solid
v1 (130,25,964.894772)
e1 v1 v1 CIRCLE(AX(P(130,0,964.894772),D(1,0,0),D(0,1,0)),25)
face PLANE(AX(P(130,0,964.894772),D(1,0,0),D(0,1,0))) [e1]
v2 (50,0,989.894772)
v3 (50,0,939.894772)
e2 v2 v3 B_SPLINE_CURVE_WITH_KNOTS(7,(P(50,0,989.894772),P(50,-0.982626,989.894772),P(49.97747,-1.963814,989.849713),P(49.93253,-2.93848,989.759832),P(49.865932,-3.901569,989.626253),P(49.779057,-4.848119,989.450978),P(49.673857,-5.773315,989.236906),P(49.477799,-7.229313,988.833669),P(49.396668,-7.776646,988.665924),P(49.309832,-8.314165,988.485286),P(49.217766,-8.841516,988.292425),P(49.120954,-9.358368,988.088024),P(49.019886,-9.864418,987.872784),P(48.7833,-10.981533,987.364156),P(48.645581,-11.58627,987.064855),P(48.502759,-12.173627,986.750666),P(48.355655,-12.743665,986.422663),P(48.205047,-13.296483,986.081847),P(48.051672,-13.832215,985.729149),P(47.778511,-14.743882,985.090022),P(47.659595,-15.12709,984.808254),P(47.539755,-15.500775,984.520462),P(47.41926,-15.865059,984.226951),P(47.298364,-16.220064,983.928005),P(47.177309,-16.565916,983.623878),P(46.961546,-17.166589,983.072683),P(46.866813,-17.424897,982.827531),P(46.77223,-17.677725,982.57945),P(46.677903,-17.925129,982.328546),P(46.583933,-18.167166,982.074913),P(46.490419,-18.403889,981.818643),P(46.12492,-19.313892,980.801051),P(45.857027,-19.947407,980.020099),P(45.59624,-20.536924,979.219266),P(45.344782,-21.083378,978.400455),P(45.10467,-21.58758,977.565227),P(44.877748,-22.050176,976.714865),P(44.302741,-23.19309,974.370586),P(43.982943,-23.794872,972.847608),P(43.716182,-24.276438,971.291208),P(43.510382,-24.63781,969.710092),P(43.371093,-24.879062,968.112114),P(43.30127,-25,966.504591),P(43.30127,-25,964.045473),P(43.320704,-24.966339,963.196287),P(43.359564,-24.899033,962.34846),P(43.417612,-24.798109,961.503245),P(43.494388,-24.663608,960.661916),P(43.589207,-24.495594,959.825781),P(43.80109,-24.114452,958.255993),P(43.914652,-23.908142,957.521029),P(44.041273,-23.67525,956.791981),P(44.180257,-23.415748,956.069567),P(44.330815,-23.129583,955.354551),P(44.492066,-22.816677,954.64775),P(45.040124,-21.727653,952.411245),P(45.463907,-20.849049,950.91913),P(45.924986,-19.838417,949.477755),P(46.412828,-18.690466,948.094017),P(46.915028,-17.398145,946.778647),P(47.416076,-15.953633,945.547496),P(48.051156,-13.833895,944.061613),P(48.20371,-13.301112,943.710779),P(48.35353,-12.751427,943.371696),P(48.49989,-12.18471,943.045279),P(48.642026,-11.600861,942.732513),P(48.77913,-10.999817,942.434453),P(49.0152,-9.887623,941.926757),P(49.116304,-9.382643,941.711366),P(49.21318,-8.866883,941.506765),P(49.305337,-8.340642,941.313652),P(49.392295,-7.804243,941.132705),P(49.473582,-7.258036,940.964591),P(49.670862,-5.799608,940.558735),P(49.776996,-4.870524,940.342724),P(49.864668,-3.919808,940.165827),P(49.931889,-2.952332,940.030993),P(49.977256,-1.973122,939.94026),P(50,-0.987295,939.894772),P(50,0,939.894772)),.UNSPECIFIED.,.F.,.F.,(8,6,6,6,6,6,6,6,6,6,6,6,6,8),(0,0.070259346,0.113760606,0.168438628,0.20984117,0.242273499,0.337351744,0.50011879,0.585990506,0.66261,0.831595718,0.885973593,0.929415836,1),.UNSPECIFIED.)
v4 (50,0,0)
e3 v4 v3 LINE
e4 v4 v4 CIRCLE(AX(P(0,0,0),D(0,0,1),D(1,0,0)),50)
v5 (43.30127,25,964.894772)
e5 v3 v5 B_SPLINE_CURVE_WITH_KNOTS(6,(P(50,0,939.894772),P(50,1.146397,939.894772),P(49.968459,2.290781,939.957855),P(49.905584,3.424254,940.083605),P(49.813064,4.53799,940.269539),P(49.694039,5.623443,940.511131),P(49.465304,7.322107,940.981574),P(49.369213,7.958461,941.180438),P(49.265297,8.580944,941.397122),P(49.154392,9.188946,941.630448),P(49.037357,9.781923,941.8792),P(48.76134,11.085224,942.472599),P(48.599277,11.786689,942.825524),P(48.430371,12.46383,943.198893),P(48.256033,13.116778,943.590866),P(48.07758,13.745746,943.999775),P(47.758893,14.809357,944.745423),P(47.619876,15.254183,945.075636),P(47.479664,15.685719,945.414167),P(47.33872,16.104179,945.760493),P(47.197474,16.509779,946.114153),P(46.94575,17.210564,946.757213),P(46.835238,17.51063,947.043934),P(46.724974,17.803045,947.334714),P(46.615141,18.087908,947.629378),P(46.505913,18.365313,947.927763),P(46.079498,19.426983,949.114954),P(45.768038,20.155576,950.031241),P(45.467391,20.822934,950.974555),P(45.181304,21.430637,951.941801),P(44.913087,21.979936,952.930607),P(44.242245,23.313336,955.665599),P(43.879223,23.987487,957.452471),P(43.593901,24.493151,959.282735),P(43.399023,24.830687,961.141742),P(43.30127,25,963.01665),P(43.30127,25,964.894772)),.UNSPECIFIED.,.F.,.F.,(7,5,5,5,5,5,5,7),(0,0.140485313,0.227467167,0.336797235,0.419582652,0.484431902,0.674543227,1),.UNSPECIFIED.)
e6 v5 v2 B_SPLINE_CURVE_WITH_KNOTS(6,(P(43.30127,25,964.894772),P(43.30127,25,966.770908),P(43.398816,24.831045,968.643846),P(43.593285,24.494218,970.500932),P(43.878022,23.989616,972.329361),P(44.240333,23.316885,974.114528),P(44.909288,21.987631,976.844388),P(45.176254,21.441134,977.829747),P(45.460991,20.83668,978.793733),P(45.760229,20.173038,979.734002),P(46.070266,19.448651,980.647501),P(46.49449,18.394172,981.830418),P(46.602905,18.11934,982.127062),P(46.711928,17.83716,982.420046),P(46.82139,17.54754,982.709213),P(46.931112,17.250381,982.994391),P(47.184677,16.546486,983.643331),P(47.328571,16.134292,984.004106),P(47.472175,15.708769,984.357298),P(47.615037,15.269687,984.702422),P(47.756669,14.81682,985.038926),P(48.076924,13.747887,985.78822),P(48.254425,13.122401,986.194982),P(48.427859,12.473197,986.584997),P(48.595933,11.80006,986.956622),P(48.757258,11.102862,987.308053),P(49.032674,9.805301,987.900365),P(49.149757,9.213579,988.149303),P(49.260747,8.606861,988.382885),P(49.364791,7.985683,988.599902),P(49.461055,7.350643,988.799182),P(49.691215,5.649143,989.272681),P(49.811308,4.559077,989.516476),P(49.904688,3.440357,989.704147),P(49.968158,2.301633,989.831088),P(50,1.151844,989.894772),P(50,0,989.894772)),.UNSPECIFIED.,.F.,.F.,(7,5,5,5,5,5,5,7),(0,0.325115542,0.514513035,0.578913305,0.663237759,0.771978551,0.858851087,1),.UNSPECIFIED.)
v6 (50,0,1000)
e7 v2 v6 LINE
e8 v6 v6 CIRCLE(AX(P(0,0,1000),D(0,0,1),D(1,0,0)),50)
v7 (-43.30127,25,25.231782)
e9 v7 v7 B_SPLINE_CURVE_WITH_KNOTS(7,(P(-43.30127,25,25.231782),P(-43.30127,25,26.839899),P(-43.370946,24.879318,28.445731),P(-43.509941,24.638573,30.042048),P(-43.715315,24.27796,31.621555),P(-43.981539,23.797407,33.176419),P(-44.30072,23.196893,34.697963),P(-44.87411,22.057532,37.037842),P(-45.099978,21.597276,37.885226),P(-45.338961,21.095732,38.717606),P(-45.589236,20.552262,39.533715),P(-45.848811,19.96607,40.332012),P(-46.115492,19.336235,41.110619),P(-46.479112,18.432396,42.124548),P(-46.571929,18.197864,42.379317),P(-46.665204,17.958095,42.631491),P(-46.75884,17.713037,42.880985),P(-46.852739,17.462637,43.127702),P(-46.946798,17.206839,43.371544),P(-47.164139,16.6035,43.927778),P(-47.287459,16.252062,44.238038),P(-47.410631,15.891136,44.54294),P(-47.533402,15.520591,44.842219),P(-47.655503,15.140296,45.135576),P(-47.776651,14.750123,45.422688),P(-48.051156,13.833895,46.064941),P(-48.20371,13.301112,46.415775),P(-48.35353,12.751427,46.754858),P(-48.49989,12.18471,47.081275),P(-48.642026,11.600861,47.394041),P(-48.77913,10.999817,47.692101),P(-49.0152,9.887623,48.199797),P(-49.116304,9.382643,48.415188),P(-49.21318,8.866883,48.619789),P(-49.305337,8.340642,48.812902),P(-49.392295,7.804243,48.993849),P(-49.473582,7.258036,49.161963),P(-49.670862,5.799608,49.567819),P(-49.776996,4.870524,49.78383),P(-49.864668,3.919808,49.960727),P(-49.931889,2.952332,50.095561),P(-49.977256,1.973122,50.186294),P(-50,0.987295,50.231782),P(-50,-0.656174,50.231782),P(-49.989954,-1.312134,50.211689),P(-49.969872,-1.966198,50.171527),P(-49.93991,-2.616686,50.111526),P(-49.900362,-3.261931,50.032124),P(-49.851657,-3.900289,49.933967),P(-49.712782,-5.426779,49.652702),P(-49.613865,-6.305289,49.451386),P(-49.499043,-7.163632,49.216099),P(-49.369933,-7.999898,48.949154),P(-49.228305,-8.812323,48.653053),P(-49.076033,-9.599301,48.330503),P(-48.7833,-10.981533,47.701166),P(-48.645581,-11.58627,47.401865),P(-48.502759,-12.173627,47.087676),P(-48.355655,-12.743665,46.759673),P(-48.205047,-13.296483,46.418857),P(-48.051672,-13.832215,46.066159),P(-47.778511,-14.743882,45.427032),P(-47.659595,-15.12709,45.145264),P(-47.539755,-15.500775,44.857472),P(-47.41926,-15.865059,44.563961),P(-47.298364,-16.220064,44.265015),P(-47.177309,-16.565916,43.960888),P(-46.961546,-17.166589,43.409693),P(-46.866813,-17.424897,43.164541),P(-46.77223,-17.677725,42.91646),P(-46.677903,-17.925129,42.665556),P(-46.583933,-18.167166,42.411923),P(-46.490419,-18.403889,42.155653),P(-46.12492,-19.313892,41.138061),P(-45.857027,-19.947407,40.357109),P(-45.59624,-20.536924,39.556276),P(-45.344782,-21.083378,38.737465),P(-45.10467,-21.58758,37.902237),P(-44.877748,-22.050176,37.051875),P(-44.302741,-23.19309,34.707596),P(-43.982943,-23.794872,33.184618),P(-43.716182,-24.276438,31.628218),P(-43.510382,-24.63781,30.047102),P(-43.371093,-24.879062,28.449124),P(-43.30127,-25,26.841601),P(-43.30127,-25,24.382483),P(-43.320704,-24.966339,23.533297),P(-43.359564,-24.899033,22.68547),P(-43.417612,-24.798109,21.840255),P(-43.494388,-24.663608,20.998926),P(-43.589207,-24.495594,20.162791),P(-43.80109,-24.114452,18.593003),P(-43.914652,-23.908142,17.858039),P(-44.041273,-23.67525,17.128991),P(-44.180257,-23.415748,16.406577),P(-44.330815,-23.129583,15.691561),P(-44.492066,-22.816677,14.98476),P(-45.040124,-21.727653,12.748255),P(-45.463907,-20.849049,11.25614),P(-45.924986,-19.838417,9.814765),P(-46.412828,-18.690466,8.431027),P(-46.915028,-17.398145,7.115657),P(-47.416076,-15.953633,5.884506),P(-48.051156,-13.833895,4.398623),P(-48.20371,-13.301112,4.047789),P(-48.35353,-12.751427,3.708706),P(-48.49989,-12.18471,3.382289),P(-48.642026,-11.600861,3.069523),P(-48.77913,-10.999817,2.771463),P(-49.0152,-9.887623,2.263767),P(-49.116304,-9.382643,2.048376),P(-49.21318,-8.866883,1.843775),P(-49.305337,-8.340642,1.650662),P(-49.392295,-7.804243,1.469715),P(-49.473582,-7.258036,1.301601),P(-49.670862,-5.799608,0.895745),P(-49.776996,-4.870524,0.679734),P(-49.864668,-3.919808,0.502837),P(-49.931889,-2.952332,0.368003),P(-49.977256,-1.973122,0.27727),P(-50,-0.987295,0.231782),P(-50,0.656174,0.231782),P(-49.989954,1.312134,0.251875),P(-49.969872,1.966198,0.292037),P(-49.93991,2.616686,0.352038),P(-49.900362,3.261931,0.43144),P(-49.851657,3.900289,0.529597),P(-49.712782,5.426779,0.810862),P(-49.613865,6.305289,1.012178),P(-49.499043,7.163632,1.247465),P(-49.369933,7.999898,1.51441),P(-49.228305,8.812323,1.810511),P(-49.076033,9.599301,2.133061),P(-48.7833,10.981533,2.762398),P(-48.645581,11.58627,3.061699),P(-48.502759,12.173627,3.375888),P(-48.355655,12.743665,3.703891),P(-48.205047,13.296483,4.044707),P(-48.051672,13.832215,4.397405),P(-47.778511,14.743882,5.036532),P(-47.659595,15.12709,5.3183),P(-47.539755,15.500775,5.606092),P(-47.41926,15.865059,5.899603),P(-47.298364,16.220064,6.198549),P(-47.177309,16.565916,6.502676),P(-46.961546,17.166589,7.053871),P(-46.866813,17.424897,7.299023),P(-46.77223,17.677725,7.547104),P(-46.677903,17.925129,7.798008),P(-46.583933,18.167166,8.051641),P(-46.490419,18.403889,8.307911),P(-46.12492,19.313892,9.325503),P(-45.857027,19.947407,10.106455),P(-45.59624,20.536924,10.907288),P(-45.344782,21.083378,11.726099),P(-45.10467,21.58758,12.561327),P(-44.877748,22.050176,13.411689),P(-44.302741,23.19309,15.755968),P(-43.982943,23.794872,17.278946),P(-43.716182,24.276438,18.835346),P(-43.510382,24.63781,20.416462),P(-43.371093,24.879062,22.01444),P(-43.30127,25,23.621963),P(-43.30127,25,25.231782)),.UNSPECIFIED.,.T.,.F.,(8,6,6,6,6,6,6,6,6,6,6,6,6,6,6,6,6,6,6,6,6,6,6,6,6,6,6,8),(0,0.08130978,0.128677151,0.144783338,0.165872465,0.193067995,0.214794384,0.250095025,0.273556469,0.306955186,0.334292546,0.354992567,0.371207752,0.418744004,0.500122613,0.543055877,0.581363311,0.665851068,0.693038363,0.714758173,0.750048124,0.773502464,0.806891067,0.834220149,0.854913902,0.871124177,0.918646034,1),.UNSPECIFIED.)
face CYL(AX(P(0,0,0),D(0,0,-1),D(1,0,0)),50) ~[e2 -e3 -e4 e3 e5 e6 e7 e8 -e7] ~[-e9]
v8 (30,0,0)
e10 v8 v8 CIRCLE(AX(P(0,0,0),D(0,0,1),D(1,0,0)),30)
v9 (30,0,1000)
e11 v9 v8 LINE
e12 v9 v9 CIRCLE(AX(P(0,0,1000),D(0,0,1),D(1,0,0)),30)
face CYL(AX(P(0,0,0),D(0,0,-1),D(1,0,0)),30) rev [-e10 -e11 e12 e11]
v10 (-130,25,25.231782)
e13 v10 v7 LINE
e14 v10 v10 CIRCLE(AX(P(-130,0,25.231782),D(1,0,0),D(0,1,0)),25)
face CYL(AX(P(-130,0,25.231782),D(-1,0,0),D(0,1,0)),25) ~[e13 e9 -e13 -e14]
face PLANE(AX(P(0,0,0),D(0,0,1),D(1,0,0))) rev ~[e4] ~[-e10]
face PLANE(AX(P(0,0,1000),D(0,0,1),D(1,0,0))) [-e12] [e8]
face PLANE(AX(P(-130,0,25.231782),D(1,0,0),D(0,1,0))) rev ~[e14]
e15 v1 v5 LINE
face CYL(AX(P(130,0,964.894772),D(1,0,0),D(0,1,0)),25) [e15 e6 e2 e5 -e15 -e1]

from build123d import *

# Parameters (mm, degrees)
F0_R     = 50
F0_R_2   = 30
F1_DEPTH = 1000
F3_R     = 25
F4_DEPTH = 100
F6_R     = 25
F7_DEPTH = 100


with BuildPart() as f1:
    # F0 (on Top) → F1 (new body)
    with BuildSketch(Plane.XY):
        Circle(F0_R)
        Circle(F0_R_2, mode=Mode.SUBTRACT)
    extrude(amount=F1_DEPTH)

    # F3 (on offset) → F4 (join)
    with BuildSketch(Plane.YZ.offset(-130)):
        with Locations((0, 25.231782)):
            Circle(F3_R)
    extrude(amount=F4_DEPTH)

    # F6 (on offset) → F7 (join)
    with BuildSketch(Plane.YZ.offset(130)):
        with Locations((0, 964.894772)):
            Circle(F6_R)
    extrude(amount=-F7_DEPTH)


solid = f1.part
